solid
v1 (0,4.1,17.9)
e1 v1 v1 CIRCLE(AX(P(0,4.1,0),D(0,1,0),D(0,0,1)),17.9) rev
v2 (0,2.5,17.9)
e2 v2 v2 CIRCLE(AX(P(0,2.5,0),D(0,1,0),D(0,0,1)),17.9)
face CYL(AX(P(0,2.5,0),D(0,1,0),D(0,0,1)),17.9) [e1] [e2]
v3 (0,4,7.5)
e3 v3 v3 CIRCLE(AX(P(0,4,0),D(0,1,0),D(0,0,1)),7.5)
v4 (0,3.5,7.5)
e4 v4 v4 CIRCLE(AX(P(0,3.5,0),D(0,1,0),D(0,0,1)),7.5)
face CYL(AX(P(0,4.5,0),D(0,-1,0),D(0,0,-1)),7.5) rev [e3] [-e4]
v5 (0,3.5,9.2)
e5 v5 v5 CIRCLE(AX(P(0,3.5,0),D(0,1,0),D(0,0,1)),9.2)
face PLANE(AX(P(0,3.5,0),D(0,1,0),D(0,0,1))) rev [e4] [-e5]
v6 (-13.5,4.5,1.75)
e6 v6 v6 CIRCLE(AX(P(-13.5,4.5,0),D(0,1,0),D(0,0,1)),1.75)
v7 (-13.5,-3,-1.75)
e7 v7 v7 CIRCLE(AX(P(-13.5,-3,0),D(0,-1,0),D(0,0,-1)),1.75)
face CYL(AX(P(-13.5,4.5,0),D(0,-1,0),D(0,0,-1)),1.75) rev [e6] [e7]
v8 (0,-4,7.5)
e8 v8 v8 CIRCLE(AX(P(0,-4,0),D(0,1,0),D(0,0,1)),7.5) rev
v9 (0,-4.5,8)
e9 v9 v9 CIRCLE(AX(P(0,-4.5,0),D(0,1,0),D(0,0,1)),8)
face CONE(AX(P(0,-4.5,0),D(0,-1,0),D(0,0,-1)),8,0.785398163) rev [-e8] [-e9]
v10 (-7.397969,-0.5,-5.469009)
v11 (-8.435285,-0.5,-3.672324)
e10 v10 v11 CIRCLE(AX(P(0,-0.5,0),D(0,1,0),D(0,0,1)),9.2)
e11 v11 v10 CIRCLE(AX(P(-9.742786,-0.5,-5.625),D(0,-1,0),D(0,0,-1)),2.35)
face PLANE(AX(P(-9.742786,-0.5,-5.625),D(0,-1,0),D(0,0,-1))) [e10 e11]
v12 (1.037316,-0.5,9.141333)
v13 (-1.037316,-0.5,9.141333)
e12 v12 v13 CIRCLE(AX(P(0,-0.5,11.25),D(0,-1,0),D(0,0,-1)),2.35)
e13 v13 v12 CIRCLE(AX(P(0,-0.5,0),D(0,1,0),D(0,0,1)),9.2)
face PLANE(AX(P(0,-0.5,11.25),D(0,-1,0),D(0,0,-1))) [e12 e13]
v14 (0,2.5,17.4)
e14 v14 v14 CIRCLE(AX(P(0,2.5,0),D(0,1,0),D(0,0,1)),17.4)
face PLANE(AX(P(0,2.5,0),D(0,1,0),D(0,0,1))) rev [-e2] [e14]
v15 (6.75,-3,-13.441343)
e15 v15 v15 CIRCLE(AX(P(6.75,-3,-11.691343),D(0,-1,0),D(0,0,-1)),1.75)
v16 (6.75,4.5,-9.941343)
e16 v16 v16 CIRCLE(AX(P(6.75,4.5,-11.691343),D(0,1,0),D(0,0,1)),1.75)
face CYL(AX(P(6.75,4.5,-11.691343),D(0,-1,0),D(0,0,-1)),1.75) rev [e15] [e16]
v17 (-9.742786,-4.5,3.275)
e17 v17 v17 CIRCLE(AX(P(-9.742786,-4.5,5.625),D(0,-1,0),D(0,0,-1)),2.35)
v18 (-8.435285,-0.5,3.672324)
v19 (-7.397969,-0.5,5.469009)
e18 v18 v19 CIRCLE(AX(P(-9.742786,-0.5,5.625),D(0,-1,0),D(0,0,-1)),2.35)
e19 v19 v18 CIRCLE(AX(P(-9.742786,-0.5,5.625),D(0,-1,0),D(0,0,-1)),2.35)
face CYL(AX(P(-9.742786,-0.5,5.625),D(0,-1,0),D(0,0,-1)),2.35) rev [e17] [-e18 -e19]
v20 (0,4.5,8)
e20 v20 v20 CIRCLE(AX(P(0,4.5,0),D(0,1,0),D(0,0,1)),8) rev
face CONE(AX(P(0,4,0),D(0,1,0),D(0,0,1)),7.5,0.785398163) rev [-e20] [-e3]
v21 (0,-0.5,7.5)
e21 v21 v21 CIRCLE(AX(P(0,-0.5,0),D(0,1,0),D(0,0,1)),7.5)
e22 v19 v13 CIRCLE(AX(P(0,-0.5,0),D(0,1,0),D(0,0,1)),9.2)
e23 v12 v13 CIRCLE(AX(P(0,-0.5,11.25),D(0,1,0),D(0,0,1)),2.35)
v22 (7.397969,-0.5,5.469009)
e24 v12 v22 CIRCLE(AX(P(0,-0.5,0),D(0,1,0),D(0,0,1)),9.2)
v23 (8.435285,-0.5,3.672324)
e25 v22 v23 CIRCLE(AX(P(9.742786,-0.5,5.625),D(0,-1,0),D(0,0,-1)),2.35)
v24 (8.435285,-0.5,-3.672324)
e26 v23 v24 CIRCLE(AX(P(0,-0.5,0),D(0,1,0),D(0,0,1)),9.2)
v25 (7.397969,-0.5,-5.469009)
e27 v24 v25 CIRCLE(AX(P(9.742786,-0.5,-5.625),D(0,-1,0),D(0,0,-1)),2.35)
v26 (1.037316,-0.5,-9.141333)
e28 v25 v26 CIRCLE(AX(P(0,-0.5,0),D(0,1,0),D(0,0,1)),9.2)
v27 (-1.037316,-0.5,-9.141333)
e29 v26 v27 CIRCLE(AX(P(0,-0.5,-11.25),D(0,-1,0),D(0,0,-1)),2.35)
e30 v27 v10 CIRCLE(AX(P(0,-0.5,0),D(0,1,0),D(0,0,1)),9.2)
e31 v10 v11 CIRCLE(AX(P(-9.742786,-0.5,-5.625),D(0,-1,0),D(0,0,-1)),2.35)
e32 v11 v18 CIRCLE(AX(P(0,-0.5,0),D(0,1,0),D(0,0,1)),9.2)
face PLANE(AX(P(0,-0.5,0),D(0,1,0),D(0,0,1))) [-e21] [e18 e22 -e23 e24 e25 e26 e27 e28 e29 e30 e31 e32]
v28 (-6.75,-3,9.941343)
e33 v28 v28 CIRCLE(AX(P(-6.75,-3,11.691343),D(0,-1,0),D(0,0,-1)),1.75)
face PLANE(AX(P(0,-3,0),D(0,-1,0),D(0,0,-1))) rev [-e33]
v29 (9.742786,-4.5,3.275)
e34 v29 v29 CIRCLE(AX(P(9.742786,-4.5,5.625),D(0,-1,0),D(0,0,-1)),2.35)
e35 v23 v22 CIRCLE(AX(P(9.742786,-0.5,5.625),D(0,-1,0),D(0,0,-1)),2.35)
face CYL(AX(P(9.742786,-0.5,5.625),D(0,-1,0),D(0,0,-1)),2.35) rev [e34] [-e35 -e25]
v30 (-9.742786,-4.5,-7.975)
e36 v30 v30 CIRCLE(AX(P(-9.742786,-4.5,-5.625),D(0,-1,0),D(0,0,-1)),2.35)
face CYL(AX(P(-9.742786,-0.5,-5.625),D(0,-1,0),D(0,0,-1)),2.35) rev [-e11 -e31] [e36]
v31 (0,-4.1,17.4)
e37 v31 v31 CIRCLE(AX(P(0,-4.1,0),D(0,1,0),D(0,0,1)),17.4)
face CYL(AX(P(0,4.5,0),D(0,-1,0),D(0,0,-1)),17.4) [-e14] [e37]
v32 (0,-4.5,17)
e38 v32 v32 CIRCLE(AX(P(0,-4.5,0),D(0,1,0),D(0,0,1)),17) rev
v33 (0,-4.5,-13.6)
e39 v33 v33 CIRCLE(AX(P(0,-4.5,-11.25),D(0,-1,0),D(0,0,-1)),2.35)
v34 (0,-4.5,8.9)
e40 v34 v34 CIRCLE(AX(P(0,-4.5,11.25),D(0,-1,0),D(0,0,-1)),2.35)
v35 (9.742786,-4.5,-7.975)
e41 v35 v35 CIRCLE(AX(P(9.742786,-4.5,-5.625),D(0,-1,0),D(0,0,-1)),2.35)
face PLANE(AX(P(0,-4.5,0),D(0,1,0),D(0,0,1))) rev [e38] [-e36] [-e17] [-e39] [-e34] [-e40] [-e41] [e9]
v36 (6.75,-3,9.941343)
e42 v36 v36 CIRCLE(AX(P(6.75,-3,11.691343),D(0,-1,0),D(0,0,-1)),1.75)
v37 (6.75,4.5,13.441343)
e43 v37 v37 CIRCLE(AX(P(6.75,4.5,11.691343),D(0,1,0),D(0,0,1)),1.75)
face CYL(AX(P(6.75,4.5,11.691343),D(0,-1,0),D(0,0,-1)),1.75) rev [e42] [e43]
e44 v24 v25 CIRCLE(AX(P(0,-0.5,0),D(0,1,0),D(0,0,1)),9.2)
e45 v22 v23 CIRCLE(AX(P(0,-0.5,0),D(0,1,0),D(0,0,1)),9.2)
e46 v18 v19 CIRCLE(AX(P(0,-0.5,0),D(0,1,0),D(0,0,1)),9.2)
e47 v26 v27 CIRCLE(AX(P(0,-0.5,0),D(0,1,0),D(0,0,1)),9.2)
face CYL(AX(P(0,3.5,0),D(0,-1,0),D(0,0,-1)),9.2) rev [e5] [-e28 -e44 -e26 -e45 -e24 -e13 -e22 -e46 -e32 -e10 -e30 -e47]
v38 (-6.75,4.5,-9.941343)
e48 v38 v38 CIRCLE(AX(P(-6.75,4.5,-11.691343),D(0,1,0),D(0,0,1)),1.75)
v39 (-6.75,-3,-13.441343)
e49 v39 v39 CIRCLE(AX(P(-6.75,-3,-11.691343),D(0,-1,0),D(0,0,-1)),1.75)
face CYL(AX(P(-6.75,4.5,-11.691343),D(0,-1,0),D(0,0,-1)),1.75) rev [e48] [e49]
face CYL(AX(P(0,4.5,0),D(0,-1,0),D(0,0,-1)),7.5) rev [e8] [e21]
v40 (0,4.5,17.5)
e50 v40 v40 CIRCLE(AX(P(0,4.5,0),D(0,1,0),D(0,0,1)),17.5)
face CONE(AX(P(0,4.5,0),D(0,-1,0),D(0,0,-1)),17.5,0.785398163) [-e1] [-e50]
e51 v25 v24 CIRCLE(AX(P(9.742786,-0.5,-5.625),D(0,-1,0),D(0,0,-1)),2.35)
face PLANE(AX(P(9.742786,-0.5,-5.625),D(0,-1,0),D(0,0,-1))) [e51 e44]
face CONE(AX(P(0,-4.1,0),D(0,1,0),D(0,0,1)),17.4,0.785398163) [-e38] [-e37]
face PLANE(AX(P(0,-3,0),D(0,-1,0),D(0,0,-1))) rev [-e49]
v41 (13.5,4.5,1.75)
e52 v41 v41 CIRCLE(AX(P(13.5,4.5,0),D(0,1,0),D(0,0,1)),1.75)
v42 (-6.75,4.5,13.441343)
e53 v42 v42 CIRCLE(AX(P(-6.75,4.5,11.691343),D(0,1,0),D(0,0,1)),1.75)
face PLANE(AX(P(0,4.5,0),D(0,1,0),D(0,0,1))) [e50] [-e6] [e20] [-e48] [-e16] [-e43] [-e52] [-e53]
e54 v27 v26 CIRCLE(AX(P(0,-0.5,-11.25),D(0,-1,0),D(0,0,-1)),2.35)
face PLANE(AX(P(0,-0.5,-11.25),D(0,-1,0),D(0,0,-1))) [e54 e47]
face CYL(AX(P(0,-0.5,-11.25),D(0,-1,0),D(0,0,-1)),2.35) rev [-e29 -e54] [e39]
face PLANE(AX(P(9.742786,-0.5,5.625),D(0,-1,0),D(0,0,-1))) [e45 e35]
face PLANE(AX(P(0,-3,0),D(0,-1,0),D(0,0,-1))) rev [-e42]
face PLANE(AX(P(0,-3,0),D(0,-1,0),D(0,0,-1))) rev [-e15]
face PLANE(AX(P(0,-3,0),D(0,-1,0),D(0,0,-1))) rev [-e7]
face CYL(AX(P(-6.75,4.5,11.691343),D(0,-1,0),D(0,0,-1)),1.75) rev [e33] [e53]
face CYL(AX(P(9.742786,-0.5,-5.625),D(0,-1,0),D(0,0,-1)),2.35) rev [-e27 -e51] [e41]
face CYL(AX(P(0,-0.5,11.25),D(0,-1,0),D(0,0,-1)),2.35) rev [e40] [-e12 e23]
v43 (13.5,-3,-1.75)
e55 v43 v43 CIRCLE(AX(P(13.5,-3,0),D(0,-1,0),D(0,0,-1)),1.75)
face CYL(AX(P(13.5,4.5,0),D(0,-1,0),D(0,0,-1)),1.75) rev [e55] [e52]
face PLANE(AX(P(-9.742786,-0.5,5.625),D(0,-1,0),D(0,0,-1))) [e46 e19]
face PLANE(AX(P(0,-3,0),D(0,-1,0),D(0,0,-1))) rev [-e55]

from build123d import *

# Parameters (mm, degrees)
SKETCH1_R           = 17.4
SKETCH1_R_2         = 1.75
SKETCH1_R_3         = 7.5
BOSS_EXTRUDE1_DEPTH = 4.5
CUT_EXTRUDE1_START  = -0.5
SKETCH2_R           = 9.2
CUT_EXTRUDE1_DEPTH  = 4
SKETCH3_R           = 15.25
SKETCH3_R_2         = 11.75
BOSS_EXTRUDE2_DEPTH = 1.5
CHAMFER1_SIZE       = 0.5
SKETCH4_R           = 17.9
SKETCH4_R_2         = 17.4
BOSS_EXTRUDE3_DEPTH = 2
SKETCH5_R           = 2.35
CUT_EXTRUDE2_DEPTH  = 4
CHAMFER3_SIZE       = 0.4


with BuildPart() as part:
    # Sketch1 → Boss-Extrude1 (new body, symmetric)
    with BuildSketch(Plane(origin=(0, 0, 0), x_dir=(1, 0, 0), z_dir=(0, 1, 0))):
        Circle(SKETCH1_R)
        with Locations((13.5, 0)):
            Circle(SKETCH1_R_2, mode=Mode.SUBTRACT)
        with Locations((6.75, -11.691342951)):
            Circle(SKETCH1_R_2, mode=Mode.SUBTRACT)
        with Locations((-6.75, -11.691342951)):
            Circle(SKETCH1_R_2, mode=Mode.SUBTRACT)
        with Locations((-13.5, 0)):
            Circle(SKETCH1_R_2, mode=Mode.SUBTRACT)
        with Locations((-6.75, 11.691342951)):
            Circle(SKETCH1_R_2, mode=Mode.SUBTRACT)
        with Locations((6.75, 11.691342951)):
            Circle(SKETCH1_R_2, mode=Mode.SUBTRACT)
        Circle(SKETCH1_R_3, mode=Mode.SUBTRACT)
    extrude(amount=BOSS_EXTRUDE1_DEPTH, both=True)

    # Sketch2 → Cut-Extrude1 (cut)
    with BuildSketch(Plane(origin=(0, 0, 0), x_dir=(1, 0, 0), z_dir=(0, 1, 0)).offset(CUT_EXTRUDE1_START)):
        Circle(SKETCH2_R)
    extrude(amount=CUT_EXTRUDE1_DEPTH, mode=Mode.SUBTRACT)

    # Sketch3 → Boss-Extrude2 (add)
    with BuildSketch(Plane.XZ.offset(4.5)):
        Circle(SKETCH3_R)
        Circle(SKETCH3_R_2, mode=Mode.SUBTRACT)
    extrude(amount=-BOSS_EXTRUDE2_DEPTH)

    # Chamfer1
    chamfer1_edges = [part.edges().sort_by_distance(p)[0] for p in [
        (-7.5, -4.5, 0),
        (-7.5, 4.5, 0),
    ]]
    chamfer(chamfer1_edges, length=CHAMFER1_SIZE)

    # Sketch4 → Boss-Extrude3 (add)
    with BuildSketch(Plane(origin=(0, 4.5, 0), x_dir=(1, 0, 0), z_dir=(0, 1, 0))):
        Circle(SKETCH4_R)
        Circle(SKETCH4_R_2, mode=Mode.SUBTRACT)
    extrude(amount=-BOSS_EXTRUDE3_DEPTH)

    # Sketch5 → Cut-Extrude2 (cut)
    with BuildSketch(Plane(origin=(0, -4.5, 0), x_dir=(-1, 0, 0), z_dir=(0, -1, 0))):
        with Locations((-9.742785793, -5.625)):
            Circle(SKETCH5_R)
        with Locations((-9.742785793, 5.625)):
            Circle(SKETCH5_R)
        with Locations((0, 11.25)):
            Circle(SKETCH5_R)
        with Locations((9.742785793, 5.625)):
            Circle(SKETCH5_R)
        with Locations((9.742785793, -5.625)):
            Circle(SKETCH5_R)
        with Locations((0, -11.25)):
            Circle(SKETCH5_R)
    extrude(amount=-CUT_EXTRUDE2_DEPTH, mode=Mode.SUBTRACT)

    # Chamfer3
    chamfer3_edges = [part.edges().sort_by_distance(p)[0] for p in [
        (-17.9, 4.5, 0),
        (-17.4, -4.5, 0),
    ]]
    chamfer(chamfer3_edges, length=CHAMFER3_SIZE)


solid = part.part
